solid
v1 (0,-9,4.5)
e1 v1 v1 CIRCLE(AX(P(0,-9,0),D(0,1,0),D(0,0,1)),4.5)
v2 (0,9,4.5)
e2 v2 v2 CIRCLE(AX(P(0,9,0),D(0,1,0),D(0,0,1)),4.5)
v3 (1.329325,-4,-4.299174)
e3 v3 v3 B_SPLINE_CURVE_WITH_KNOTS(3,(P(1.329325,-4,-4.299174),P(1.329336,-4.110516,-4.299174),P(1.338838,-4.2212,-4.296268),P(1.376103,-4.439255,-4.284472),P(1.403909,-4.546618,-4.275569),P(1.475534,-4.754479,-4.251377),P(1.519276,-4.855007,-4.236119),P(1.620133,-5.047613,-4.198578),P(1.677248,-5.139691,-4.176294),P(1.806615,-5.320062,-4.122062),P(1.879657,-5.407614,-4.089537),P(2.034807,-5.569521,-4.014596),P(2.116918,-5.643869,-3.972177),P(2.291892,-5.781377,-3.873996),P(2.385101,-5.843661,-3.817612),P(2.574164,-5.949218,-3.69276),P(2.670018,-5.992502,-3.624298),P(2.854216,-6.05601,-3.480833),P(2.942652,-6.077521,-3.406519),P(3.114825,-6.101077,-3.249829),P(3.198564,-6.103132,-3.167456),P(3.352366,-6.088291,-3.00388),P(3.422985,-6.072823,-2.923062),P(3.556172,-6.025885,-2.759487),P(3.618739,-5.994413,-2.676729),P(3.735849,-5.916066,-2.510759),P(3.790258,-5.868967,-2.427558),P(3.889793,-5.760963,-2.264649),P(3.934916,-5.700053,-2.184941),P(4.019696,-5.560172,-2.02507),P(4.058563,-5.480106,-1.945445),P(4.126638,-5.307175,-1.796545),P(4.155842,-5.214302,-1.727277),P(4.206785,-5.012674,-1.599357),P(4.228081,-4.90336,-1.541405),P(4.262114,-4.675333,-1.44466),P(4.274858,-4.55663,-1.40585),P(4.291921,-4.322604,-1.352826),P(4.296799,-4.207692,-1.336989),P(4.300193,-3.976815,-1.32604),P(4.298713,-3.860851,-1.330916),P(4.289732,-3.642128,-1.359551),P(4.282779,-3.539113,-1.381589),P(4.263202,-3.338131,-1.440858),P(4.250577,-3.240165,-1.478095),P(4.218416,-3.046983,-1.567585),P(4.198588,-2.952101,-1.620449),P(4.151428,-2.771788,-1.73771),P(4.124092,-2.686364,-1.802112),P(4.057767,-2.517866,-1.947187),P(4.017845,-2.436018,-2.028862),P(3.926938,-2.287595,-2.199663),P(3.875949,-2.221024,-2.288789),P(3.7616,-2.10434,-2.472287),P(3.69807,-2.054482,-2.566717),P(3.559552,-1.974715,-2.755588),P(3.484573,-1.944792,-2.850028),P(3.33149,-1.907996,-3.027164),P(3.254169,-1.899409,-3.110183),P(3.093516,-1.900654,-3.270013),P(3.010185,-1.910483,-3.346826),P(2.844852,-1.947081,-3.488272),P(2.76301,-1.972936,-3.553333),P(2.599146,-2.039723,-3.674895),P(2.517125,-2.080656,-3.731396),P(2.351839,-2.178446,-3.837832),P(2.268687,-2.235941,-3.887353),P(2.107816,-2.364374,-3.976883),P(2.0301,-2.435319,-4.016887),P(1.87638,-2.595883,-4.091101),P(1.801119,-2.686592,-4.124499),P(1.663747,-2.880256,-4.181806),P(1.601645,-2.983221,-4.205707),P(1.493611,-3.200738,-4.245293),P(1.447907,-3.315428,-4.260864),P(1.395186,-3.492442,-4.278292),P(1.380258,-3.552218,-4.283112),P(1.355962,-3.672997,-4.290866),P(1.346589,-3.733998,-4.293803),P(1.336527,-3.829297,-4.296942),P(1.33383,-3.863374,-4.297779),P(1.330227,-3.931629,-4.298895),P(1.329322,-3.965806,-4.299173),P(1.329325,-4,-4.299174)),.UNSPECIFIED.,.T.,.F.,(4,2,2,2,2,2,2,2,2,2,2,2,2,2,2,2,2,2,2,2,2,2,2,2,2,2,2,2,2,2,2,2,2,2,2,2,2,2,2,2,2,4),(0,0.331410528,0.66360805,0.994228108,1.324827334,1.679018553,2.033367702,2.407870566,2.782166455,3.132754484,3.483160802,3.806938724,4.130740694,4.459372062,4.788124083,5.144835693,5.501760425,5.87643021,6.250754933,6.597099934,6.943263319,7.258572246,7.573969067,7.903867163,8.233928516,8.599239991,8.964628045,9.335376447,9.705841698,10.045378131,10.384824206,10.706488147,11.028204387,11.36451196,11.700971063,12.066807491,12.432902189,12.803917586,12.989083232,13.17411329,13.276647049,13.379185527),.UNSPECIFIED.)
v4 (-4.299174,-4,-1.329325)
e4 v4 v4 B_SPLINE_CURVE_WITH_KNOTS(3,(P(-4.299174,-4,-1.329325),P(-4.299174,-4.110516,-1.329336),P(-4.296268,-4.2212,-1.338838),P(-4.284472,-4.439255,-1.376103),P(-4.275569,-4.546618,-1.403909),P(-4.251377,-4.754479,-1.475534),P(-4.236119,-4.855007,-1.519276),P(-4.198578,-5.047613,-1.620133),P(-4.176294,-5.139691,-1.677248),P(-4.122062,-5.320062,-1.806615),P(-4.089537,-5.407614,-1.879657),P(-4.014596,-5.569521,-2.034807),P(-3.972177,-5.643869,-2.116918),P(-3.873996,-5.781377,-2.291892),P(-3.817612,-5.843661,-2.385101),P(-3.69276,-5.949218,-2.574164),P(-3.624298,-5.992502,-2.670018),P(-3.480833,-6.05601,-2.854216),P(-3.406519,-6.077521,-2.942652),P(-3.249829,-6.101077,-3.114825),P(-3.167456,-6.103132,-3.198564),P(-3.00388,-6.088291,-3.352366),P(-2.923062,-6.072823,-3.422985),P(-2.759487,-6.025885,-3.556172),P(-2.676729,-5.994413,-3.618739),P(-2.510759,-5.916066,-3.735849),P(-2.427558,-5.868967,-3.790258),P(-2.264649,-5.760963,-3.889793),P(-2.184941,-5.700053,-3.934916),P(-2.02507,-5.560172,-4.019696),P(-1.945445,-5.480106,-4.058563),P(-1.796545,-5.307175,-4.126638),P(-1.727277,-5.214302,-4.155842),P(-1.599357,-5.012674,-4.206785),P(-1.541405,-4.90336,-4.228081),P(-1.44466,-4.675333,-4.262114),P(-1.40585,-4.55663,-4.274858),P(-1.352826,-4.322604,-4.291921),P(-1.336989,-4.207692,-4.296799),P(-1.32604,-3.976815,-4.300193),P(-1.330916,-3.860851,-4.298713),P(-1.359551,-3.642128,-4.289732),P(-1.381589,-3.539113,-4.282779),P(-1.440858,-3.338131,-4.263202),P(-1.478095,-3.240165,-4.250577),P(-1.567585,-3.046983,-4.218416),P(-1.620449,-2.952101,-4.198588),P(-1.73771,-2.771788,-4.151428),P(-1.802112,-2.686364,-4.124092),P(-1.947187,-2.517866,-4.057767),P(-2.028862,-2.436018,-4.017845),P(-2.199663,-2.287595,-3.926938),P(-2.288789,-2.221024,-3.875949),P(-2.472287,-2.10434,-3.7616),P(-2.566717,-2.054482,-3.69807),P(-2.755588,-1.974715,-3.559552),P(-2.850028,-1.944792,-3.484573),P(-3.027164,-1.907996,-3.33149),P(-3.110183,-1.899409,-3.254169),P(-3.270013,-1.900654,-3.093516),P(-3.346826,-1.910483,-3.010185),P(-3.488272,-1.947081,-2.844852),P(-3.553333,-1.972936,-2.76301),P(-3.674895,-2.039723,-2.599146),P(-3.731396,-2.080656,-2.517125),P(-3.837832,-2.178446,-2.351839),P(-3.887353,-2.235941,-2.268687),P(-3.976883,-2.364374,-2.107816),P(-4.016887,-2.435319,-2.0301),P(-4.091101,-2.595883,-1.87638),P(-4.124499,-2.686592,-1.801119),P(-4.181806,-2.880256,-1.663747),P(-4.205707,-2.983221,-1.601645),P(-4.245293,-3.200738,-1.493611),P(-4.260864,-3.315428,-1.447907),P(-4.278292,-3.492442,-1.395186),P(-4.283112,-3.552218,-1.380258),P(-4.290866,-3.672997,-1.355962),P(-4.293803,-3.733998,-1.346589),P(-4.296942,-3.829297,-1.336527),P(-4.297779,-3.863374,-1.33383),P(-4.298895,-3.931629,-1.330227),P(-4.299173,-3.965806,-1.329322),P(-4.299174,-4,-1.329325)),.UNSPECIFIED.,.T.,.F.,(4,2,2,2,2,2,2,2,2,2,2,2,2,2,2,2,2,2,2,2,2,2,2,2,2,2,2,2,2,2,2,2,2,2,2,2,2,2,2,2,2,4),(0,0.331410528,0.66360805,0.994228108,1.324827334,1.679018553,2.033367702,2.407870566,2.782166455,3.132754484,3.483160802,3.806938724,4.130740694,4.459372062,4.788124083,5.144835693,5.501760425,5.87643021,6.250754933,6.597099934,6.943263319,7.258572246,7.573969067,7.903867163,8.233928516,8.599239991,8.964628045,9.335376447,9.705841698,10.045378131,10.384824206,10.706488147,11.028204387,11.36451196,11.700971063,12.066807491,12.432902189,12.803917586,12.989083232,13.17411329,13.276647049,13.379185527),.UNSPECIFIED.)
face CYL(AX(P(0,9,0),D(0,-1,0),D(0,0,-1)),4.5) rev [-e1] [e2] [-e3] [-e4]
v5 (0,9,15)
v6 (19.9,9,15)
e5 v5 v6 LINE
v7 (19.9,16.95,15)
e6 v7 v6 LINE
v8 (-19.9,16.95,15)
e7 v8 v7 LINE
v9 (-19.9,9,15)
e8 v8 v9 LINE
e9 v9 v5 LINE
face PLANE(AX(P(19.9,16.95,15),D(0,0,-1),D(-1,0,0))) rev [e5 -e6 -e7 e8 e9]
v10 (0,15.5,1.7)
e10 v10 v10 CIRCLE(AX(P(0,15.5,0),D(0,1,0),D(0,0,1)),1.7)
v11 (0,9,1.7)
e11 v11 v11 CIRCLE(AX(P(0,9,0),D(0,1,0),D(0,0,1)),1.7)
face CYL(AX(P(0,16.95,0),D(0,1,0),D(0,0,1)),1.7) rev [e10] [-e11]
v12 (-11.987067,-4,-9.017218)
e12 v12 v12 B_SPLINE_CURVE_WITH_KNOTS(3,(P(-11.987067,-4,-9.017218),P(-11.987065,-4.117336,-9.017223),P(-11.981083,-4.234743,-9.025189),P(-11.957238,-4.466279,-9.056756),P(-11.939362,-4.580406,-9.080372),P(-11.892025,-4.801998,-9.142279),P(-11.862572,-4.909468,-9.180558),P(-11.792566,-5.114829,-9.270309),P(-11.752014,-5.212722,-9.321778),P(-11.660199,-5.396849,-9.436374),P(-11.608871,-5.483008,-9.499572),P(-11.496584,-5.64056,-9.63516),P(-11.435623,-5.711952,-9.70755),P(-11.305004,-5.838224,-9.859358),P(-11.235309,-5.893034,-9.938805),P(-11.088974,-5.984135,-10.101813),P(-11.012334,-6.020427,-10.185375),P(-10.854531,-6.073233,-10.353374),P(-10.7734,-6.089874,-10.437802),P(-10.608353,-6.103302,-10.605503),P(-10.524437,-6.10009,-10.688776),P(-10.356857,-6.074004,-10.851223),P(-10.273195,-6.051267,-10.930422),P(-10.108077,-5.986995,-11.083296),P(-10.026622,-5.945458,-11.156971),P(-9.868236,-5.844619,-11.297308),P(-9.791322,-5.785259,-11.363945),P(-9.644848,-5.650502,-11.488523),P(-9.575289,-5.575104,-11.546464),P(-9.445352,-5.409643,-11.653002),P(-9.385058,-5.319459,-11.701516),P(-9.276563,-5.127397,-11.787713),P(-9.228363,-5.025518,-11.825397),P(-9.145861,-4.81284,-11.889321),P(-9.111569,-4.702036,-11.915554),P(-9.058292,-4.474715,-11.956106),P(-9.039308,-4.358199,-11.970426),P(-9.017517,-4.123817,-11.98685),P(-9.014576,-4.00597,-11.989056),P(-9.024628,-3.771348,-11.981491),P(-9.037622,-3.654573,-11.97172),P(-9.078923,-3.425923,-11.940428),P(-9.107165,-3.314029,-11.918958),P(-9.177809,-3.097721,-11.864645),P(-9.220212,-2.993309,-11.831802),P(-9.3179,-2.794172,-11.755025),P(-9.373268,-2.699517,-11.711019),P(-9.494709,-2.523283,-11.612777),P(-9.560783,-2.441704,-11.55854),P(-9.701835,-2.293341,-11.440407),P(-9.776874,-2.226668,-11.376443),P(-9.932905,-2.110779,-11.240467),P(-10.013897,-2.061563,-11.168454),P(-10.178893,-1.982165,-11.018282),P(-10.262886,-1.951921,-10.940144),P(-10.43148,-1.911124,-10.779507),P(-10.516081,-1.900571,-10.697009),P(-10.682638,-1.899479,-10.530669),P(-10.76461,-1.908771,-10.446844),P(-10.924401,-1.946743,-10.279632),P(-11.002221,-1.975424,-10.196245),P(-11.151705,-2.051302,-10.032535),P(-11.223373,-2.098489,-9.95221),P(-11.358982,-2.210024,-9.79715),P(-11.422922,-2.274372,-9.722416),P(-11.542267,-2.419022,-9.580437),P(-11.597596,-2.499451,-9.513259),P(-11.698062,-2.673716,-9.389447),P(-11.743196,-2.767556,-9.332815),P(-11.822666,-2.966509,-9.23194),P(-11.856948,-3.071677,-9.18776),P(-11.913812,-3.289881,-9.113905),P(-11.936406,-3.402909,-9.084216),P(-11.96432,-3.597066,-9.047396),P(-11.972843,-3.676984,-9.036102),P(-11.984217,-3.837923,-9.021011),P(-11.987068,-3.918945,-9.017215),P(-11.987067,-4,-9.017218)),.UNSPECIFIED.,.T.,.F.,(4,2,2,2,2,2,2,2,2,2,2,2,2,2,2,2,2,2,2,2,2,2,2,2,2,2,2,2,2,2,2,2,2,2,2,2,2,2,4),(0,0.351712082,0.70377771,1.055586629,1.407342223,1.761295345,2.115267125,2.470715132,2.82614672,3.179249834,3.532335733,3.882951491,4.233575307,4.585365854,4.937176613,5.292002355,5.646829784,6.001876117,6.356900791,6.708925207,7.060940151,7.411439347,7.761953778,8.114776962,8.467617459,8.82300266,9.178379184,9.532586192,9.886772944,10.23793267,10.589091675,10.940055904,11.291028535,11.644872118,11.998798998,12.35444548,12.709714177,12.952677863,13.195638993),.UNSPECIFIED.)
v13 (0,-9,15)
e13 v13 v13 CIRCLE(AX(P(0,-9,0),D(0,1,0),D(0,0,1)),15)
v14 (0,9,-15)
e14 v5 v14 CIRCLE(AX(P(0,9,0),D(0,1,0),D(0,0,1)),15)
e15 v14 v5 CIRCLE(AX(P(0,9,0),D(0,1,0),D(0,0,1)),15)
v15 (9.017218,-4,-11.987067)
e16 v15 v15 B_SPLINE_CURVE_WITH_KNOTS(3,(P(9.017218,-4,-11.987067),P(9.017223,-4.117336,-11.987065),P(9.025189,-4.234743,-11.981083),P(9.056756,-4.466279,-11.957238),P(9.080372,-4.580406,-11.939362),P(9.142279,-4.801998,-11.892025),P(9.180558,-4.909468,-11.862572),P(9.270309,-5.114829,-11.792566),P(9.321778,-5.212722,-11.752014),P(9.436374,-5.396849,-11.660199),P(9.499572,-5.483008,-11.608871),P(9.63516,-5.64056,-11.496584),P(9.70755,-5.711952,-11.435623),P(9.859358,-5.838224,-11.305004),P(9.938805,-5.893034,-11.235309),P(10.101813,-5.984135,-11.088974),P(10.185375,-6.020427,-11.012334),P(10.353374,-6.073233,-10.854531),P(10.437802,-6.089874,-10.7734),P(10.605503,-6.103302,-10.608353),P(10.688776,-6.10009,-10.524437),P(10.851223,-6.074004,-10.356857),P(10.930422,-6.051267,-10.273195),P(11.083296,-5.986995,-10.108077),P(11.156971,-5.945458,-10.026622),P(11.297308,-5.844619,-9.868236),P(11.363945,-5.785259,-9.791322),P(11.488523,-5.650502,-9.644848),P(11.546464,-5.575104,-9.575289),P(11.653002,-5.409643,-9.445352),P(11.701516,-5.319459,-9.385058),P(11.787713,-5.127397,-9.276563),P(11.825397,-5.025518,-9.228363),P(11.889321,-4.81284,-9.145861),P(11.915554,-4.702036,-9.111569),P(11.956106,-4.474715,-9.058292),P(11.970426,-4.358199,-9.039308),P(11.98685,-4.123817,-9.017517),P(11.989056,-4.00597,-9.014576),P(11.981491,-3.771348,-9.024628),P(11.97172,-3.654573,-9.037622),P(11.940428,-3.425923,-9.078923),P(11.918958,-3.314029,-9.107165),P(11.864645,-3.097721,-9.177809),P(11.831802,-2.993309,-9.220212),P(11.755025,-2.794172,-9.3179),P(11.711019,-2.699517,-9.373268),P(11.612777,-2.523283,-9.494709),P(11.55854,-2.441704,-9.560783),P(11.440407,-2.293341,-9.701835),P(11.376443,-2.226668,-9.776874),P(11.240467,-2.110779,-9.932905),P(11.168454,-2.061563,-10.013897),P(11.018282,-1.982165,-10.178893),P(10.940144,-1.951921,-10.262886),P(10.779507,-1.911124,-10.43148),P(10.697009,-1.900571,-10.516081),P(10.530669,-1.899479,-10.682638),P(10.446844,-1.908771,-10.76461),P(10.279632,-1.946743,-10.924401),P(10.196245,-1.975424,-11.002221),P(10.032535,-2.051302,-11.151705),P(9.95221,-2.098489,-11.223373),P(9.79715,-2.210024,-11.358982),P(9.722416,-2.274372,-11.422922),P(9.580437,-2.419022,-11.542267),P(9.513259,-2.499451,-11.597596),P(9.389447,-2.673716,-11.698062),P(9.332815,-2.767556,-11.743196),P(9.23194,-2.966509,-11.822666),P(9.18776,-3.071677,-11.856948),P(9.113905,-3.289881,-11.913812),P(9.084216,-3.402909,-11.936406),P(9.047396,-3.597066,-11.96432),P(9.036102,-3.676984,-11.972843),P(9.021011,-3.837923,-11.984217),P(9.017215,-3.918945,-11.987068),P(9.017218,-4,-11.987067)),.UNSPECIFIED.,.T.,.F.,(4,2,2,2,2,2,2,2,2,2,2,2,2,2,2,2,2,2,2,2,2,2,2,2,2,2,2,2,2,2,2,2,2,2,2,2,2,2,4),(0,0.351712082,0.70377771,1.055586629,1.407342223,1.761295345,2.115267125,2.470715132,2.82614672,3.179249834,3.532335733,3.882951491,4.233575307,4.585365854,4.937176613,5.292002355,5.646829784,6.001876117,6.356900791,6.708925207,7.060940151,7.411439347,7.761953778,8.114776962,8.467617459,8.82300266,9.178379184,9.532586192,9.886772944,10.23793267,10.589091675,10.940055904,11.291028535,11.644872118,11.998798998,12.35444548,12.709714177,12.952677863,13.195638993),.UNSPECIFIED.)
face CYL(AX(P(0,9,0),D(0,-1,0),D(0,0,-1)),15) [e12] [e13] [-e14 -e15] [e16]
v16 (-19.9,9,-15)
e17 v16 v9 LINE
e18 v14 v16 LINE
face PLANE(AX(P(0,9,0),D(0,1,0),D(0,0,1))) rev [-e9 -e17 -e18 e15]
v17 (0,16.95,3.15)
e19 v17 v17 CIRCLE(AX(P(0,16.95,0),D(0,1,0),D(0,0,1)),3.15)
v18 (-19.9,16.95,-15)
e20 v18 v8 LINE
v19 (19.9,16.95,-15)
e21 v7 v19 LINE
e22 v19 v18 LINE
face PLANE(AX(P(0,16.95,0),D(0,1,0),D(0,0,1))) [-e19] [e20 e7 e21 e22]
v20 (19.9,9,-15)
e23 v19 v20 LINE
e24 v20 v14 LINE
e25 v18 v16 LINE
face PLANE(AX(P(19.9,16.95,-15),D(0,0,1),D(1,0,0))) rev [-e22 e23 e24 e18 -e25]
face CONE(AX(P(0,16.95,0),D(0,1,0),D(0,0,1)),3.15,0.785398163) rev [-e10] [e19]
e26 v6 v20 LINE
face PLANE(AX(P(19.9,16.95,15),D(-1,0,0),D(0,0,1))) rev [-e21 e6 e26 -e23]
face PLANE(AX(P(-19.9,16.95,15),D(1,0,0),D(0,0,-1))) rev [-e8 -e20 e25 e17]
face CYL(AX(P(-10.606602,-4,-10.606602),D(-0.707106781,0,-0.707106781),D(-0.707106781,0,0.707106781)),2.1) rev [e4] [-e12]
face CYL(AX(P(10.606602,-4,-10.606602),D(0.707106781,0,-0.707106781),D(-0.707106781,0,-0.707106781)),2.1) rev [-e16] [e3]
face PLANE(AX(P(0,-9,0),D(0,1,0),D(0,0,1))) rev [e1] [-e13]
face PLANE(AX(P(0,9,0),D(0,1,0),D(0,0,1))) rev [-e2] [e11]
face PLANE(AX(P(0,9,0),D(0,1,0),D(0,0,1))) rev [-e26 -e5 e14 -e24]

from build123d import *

# Parameters (mm, degrees)
SKETCH1_R                                           = 15
SKETCH1_R_2                                         = 4.5
BOSS_EXTRUDE1_DEPTH                                 = 9
SKETCH2_W                                           = 39.8
SKETCH2_H                                           = 30
SKETCH2_R                                           = 1.5
BOSS_EXTRUDE2_DEPTH                                 = 7.95
CSK_FOR_M3_COUNTERSUNK_FLAT_HEAD_SCREW1_D           = 3.4
CSK_FOR_M3_COUNTERSUNK_FLAT_HEAD_SCREW1_CSINK_D     = 6.3
CSK_FOR_M3_COUNTERSUNK_FLAT_HEAD_SCREW1_CSINK_ANGLE = 90
M5_TAPPED_HOLE1_REACH                               = 45.286
M5_TAPPED_HOLE1_BORE_R                              = 2.1
M5_TAPPED_HOLE2_REACH                               = 45.286
M5_TAPPED_HOLE2_BORE_R                              = 2.1


with BuildPart() as part:
    # Sketch1 → Boss-Extrude1 (new, symmetric)
    with BuildSketch(Plane(origin=(0, 0, 0), x_dir=(1, 0, 0), z_dir=(0, 1, 0))):
        with Locations(Location((0, 0, 0), (0, 0, 270))):
            Circle(SKETCH1_R)
        with Locations(Location((0, 0, 0), (0, 0, 270))):
            Circle(SKETCH1_R_2, mode=Mode.SUBTRACT)
    extrude(amount=BOSS_EXTRUDE1_DEPTH, both=True)

    # Sketch2 → Boss-Extrude2 (add)
    with BuildSketch(Plane(origin=(0, 9, 0), x_dir=(1, 0, 0), z_dir=(0, 1, 0))):
        Rectangle(SKETCH2_W, SKETCH2_H)
        with Locations(Location((0, 0, 0), (0, 0, 270))):
            Circle(SKETCH2_R, mode=Mode.SUBTRACT)
    extrude(amount=BOSS_EXTRUDE2_DEPTH)

    # CSK for M3 Countersunk Flat Head Screw1 (through all)
    with Locations(Plane(origin=(0, 16.95, 0), x_dir=(1, 0, 0), z_dir=(0, 1, 0))):
        with Locations((0, 0)):
            CounterSinkHole(CSK_FOR_M3_COUNTERSUNK_FLAT_HEAD_SCREW1_D / 2, CSK_FOR_M3_COUNTERSUNK_FLAT_HEAD_SCREW1_CSINK_D / 2, counter_sink_angle=CSK_FOR_M3_COUNTERSUNK_FLAT_HEAD_SCREW1_CSINK_ANGLE)

    # M5 Tapped Hole1 bore → M5 Tapped Hole1 (cut, up to next)
    with BuildSketch(Plane(origin=(10.606601718, 0, -10.606601718), x_dir=(-0.7071067811865476, 0, -0.7071067811865476), z_dir=(0.7071067811865476, 0, -0.7071067811865476)), mode=Mode.PRIVATE) as m5_tapped_hole1_sk1:
        with Locations((0, -4)):
            Circle(M5_TAPPED_HOLE1_BORE_R)
    m5_tapped_hole1_tool1 = extrude(m5_tapped_hole1_sk1.sketch, amount=-M5_TAPPED_HOLE1_REACH, mode=Mode.PRIVATE) & part.part
    add(m5_tapped_hole1_tool1.solids().sort_by_distance((10.606602, -4, -10.606602))[0], mode=Mode.SUBTRACT)

    # M5 Tapped Hole2 bore → M5 Tapped Hole2 (cut, up to next)
    with BuildSketch(Plane(origin=(-10.606601718, 0, -10.606601718), x_dir=(-0.7071067811865476, 0, 0.7071067811865476), z_dir=(-0.7071067811865476, 0, -0.7071067811865476)), mode=Mode.PRIVATE) as m5_tapped_hole2_sk1:
        with Locations((0, -4)):
            Circle(M5_TAPPED_HOLE2_BORE_R)
    m5_tapped_hole2_tool1 = extrude(m5_tapped_hole2_sk1.sketch, amount=-M5_TAPPED_HOLE2_REACH, mode=Mode.PRIVATE) & part.part
    add(m5_tapped_hole2_tool1.solids().sort_by_distance((-10.606602, -4, -10.606602))[0], mode=Mode.SUBTRACT)


solid = part.part
